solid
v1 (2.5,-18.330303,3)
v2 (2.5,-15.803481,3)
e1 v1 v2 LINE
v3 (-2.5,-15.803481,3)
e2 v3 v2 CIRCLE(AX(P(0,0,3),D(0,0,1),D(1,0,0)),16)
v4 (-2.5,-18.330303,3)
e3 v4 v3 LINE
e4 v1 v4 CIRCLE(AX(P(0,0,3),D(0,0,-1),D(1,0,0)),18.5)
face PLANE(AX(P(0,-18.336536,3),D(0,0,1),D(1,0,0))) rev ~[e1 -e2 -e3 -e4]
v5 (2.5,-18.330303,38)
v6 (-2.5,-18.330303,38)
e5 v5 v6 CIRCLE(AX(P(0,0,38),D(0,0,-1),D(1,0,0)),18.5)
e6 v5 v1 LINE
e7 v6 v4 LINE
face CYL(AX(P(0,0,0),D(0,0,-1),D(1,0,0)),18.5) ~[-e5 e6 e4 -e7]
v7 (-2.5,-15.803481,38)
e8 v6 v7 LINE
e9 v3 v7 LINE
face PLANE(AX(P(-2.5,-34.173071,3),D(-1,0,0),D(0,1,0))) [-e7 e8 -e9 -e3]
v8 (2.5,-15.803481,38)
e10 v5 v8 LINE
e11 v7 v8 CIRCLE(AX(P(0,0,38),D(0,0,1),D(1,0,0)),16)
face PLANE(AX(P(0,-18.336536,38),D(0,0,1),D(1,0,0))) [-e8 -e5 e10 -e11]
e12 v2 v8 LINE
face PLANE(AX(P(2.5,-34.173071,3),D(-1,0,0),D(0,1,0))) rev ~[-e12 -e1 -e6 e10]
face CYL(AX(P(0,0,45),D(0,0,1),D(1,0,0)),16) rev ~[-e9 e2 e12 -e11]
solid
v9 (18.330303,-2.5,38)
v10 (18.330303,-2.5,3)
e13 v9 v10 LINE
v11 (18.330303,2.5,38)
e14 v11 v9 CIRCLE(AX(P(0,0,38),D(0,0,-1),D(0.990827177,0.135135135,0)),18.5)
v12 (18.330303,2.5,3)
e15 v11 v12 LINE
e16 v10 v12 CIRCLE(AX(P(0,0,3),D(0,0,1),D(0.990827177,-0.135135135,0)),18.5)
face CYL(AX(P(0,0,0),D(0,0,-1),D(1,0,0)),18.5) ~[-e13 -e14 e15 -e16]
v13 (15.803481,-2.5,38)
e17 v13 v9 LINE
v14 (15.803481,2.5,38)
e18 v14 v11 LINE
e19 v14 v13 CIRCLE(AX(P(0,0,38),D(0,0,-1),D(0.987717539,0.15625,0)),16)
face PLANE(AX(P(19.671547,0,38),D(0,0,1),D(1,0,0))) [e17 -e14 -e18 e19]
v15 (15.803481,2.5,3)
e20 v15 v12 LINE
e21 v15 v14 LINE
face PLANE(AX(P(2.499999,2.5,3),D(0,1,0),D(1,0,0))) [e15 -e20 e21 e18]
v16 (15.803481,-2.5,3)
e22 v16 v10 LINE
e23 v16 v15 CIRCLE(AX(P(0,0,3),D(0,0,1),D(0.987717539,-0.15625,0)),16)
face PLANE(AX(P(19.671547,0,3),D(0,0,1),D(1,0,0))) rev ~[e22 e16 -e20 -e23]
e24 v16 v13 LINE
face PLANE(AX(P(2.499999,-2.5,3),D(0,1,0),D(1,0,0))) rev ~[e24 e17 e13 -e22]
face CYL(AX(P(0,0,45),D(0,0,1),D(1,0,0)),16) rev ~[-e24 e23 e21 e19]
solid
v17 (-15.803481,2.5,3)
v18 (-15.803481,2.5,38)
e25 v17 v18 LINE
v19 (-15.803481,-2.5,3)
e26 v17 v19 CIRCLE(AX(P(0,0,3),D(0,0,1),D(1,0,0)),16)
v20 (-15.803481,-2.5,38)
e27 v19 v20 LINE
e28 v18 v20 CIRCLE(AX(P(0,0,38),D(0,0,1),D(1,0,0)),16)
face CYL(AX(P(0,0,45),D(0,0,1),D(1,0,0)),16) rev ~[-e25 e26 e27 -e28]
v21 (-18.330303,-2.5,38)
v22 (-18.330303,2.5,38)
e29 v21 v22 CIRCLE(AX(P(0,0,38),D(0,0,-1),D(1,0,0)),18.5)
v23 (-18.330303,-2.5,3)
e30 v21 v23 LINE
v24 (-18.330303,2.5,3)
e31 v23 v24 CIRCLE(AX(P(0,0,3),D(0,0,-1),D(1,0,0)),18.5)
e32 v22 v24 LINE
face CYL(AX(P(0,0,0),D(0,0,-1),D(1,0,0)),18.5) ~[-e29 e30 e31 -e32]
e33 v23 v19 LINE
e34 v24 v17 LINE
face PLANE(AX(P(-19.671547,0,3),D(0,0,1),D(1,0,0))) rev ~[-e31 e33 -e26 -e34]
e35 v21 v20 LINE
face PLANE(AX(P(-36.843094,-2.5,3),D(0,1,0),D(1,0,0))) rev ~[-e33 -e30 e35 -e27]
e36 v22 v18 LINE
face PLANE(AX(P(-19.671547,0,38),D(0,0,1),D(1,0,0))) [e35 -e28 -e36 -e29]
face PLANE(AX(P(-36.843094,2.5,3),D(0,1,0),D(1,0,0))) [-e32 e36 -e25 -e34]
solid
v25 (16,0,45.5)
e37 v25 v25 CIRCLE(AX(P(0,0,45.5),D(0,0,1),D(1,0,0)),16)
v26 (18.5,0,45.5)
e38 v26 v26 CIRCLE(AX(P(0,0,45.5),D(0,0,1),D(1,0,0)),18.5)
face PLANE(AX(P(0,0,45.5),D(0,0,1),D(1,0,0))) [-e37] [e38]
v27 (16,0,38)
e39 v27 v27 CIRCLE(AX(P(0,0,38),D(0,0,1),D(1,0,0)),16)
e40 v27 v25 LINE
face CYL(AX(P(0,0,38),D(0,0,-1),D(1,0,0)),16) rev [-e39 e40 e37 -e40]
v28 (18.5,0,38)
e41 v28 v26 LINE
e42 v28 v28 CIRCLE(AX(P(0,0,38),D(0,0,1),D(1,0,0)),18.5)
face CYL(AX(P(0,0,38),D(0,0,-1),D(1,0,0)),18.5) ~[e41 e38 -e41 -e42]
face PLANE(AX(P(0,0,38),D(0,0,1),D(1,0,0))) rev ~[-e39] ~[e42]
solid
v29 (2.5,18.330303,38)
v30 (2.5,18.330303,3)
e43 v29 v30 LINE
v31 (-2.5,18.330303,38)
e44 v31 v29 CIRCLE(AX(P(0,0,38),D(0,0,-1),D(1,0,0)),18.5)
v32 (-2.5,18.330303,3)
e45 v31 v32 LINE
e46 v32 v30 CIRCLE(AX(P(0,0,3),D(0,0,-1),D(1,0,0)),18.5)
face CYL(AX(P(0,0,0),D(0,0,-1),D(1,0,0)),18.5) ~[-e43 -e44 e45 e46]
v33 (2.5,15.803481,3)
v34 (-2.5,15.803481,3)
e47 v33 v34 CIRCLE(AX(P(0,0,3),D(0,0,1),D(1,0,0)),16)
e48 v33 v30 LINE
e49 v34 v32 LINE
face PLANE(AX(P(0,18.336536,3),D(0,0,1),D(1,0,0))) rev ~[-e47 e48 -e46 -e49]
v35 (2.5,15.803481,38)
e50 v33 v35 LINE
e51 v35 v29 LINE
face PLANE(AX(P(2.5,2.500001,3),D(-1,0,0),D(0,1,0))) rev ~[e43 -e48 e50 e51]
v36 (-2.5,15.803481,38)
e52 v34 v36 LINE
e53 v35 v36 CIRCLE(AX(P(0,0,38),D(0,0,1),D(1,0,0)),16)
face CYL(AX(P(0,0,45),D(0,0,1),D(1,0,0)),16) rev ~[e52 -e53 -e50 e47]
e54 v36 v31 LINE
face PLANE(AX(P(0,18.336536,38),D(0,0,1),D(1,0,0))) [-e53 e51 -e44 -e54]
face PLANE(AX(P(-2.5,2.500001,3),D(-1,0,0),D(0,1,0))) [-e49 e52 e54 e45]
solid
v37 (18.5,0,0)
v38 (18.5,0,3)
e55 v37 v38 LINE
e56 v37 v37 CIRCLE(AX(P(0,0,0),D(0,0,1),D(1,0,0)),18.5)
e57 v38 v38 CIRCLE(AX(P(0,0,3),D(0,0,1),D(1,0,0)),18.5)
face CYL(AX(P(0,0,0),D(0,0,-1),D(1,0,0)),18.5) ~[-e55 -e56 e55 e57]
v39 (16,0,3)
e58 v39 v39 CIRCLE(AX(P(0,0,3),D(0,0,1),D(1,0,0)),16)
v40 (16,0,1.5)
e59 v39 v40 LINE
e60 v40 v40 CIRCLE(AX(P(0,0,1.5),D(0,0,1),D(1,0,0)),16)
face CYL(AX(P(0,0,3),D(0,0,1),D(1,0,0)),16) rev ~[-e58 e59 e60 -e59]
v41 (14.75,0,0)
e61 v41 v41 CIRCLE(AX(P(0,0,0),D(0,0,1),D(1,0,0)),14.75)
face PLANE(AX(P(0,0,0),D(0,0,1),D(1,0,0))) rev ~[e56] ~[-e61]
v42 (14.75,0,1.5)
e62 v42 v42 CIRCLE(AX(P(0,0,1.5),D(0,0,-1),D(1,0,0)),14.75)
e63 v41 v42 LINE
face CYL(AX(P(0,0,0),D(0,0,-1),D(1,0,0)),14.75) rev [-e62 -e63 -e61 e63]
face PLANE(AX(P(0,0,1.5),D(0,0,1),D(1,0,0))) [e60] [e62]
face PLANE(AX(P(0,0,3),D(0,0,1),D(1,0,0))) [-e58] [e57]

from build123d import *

# Parameters (mm, degrees)
F0_R      = 18.5
F0_R_2    = 14.75
F1_DEPTH  = 45
F2_R      = 16
F2_R_2    = 14.75
F3_DEPTH  = 43
F5_W      = 34.343095
F5_H      = 5
F5_W_2    = 5
F5_H_2    = 31.673071
F6_DEPTH  = 35
F7_R      = 18.5
F7_R_2    = 14.75
F8_DEPTH  = 3
F10_R     = 18.5
F10_R_2   = 16
F11_DEPTH = 7.5
F12_R     = 16
F13_DEPTH = 1.5


with BuildPart() as f1:
    # F0 (on Top) → F1 (new body)
    with BuildSketch(Plane.XY):
        Circle(F0_R)
        Circle(F0_R_2, mode=Mode.SUBTRACT)
    extrude(amount=F1_DEPTH)

    # F2 (on face) → F3 (cut)
    with BuildSketch(Plane.XY.offset(45)):
        Circle(F2_R)
        Circle(F2_R_2, mode=Mode.SUBTRACT)
    extrude(amount=-F3_DEPTH, mode=Mode.SUBTRACT)

    # F5 (on offset) → F6 (intersect)
    with BuildSketch(Plane.XY.offset(3)):
        with Locations((19.671547, 0)):
            Rectangle(F5_W, F5_H)
        with Locations((0, 18.336536)):
            Rectangle(F5_W_2, F5_H_2)
        with Locations((-19.671547, 0)):
            Rectangle(F5_W, F5_H)
        with Locations((0, -18.336536)):
            Rectangle(F5_W_2, F5_H_2)
    extrude(amount=F6_DEPTH, mode=Mode.INTERSECT)


with BuildPart() as f8:
    # F7 (on Top) → F8 (new body)
    with BuildSketch(Plane.XY):
        Circle(F7_R)
        Circle(F7_R_2, mode=Mode.SUBTRACT)
    extrude(amount=F8_DEPTH)

    # F12 (on face) → F13 (cut)
    with BuildSketch(Plane.XY.offset(3)):
        Circle(F12_R)
    extrude(amount=-F13_DEPTH, mode=Mode.SUBTRACT)


with BuildPart() as f11:
    # F10 (on offset) → F11 (new body)
    with BuildSketch(Plane.XY.offset(38)):
        Circle(F10_R)
        Circle(F10_R_2, mode=Mode.SUBTRACT)
    extrude(amount=F11_DEPTH)


solid = Compound([f1.part, f8.part, f11.part])
